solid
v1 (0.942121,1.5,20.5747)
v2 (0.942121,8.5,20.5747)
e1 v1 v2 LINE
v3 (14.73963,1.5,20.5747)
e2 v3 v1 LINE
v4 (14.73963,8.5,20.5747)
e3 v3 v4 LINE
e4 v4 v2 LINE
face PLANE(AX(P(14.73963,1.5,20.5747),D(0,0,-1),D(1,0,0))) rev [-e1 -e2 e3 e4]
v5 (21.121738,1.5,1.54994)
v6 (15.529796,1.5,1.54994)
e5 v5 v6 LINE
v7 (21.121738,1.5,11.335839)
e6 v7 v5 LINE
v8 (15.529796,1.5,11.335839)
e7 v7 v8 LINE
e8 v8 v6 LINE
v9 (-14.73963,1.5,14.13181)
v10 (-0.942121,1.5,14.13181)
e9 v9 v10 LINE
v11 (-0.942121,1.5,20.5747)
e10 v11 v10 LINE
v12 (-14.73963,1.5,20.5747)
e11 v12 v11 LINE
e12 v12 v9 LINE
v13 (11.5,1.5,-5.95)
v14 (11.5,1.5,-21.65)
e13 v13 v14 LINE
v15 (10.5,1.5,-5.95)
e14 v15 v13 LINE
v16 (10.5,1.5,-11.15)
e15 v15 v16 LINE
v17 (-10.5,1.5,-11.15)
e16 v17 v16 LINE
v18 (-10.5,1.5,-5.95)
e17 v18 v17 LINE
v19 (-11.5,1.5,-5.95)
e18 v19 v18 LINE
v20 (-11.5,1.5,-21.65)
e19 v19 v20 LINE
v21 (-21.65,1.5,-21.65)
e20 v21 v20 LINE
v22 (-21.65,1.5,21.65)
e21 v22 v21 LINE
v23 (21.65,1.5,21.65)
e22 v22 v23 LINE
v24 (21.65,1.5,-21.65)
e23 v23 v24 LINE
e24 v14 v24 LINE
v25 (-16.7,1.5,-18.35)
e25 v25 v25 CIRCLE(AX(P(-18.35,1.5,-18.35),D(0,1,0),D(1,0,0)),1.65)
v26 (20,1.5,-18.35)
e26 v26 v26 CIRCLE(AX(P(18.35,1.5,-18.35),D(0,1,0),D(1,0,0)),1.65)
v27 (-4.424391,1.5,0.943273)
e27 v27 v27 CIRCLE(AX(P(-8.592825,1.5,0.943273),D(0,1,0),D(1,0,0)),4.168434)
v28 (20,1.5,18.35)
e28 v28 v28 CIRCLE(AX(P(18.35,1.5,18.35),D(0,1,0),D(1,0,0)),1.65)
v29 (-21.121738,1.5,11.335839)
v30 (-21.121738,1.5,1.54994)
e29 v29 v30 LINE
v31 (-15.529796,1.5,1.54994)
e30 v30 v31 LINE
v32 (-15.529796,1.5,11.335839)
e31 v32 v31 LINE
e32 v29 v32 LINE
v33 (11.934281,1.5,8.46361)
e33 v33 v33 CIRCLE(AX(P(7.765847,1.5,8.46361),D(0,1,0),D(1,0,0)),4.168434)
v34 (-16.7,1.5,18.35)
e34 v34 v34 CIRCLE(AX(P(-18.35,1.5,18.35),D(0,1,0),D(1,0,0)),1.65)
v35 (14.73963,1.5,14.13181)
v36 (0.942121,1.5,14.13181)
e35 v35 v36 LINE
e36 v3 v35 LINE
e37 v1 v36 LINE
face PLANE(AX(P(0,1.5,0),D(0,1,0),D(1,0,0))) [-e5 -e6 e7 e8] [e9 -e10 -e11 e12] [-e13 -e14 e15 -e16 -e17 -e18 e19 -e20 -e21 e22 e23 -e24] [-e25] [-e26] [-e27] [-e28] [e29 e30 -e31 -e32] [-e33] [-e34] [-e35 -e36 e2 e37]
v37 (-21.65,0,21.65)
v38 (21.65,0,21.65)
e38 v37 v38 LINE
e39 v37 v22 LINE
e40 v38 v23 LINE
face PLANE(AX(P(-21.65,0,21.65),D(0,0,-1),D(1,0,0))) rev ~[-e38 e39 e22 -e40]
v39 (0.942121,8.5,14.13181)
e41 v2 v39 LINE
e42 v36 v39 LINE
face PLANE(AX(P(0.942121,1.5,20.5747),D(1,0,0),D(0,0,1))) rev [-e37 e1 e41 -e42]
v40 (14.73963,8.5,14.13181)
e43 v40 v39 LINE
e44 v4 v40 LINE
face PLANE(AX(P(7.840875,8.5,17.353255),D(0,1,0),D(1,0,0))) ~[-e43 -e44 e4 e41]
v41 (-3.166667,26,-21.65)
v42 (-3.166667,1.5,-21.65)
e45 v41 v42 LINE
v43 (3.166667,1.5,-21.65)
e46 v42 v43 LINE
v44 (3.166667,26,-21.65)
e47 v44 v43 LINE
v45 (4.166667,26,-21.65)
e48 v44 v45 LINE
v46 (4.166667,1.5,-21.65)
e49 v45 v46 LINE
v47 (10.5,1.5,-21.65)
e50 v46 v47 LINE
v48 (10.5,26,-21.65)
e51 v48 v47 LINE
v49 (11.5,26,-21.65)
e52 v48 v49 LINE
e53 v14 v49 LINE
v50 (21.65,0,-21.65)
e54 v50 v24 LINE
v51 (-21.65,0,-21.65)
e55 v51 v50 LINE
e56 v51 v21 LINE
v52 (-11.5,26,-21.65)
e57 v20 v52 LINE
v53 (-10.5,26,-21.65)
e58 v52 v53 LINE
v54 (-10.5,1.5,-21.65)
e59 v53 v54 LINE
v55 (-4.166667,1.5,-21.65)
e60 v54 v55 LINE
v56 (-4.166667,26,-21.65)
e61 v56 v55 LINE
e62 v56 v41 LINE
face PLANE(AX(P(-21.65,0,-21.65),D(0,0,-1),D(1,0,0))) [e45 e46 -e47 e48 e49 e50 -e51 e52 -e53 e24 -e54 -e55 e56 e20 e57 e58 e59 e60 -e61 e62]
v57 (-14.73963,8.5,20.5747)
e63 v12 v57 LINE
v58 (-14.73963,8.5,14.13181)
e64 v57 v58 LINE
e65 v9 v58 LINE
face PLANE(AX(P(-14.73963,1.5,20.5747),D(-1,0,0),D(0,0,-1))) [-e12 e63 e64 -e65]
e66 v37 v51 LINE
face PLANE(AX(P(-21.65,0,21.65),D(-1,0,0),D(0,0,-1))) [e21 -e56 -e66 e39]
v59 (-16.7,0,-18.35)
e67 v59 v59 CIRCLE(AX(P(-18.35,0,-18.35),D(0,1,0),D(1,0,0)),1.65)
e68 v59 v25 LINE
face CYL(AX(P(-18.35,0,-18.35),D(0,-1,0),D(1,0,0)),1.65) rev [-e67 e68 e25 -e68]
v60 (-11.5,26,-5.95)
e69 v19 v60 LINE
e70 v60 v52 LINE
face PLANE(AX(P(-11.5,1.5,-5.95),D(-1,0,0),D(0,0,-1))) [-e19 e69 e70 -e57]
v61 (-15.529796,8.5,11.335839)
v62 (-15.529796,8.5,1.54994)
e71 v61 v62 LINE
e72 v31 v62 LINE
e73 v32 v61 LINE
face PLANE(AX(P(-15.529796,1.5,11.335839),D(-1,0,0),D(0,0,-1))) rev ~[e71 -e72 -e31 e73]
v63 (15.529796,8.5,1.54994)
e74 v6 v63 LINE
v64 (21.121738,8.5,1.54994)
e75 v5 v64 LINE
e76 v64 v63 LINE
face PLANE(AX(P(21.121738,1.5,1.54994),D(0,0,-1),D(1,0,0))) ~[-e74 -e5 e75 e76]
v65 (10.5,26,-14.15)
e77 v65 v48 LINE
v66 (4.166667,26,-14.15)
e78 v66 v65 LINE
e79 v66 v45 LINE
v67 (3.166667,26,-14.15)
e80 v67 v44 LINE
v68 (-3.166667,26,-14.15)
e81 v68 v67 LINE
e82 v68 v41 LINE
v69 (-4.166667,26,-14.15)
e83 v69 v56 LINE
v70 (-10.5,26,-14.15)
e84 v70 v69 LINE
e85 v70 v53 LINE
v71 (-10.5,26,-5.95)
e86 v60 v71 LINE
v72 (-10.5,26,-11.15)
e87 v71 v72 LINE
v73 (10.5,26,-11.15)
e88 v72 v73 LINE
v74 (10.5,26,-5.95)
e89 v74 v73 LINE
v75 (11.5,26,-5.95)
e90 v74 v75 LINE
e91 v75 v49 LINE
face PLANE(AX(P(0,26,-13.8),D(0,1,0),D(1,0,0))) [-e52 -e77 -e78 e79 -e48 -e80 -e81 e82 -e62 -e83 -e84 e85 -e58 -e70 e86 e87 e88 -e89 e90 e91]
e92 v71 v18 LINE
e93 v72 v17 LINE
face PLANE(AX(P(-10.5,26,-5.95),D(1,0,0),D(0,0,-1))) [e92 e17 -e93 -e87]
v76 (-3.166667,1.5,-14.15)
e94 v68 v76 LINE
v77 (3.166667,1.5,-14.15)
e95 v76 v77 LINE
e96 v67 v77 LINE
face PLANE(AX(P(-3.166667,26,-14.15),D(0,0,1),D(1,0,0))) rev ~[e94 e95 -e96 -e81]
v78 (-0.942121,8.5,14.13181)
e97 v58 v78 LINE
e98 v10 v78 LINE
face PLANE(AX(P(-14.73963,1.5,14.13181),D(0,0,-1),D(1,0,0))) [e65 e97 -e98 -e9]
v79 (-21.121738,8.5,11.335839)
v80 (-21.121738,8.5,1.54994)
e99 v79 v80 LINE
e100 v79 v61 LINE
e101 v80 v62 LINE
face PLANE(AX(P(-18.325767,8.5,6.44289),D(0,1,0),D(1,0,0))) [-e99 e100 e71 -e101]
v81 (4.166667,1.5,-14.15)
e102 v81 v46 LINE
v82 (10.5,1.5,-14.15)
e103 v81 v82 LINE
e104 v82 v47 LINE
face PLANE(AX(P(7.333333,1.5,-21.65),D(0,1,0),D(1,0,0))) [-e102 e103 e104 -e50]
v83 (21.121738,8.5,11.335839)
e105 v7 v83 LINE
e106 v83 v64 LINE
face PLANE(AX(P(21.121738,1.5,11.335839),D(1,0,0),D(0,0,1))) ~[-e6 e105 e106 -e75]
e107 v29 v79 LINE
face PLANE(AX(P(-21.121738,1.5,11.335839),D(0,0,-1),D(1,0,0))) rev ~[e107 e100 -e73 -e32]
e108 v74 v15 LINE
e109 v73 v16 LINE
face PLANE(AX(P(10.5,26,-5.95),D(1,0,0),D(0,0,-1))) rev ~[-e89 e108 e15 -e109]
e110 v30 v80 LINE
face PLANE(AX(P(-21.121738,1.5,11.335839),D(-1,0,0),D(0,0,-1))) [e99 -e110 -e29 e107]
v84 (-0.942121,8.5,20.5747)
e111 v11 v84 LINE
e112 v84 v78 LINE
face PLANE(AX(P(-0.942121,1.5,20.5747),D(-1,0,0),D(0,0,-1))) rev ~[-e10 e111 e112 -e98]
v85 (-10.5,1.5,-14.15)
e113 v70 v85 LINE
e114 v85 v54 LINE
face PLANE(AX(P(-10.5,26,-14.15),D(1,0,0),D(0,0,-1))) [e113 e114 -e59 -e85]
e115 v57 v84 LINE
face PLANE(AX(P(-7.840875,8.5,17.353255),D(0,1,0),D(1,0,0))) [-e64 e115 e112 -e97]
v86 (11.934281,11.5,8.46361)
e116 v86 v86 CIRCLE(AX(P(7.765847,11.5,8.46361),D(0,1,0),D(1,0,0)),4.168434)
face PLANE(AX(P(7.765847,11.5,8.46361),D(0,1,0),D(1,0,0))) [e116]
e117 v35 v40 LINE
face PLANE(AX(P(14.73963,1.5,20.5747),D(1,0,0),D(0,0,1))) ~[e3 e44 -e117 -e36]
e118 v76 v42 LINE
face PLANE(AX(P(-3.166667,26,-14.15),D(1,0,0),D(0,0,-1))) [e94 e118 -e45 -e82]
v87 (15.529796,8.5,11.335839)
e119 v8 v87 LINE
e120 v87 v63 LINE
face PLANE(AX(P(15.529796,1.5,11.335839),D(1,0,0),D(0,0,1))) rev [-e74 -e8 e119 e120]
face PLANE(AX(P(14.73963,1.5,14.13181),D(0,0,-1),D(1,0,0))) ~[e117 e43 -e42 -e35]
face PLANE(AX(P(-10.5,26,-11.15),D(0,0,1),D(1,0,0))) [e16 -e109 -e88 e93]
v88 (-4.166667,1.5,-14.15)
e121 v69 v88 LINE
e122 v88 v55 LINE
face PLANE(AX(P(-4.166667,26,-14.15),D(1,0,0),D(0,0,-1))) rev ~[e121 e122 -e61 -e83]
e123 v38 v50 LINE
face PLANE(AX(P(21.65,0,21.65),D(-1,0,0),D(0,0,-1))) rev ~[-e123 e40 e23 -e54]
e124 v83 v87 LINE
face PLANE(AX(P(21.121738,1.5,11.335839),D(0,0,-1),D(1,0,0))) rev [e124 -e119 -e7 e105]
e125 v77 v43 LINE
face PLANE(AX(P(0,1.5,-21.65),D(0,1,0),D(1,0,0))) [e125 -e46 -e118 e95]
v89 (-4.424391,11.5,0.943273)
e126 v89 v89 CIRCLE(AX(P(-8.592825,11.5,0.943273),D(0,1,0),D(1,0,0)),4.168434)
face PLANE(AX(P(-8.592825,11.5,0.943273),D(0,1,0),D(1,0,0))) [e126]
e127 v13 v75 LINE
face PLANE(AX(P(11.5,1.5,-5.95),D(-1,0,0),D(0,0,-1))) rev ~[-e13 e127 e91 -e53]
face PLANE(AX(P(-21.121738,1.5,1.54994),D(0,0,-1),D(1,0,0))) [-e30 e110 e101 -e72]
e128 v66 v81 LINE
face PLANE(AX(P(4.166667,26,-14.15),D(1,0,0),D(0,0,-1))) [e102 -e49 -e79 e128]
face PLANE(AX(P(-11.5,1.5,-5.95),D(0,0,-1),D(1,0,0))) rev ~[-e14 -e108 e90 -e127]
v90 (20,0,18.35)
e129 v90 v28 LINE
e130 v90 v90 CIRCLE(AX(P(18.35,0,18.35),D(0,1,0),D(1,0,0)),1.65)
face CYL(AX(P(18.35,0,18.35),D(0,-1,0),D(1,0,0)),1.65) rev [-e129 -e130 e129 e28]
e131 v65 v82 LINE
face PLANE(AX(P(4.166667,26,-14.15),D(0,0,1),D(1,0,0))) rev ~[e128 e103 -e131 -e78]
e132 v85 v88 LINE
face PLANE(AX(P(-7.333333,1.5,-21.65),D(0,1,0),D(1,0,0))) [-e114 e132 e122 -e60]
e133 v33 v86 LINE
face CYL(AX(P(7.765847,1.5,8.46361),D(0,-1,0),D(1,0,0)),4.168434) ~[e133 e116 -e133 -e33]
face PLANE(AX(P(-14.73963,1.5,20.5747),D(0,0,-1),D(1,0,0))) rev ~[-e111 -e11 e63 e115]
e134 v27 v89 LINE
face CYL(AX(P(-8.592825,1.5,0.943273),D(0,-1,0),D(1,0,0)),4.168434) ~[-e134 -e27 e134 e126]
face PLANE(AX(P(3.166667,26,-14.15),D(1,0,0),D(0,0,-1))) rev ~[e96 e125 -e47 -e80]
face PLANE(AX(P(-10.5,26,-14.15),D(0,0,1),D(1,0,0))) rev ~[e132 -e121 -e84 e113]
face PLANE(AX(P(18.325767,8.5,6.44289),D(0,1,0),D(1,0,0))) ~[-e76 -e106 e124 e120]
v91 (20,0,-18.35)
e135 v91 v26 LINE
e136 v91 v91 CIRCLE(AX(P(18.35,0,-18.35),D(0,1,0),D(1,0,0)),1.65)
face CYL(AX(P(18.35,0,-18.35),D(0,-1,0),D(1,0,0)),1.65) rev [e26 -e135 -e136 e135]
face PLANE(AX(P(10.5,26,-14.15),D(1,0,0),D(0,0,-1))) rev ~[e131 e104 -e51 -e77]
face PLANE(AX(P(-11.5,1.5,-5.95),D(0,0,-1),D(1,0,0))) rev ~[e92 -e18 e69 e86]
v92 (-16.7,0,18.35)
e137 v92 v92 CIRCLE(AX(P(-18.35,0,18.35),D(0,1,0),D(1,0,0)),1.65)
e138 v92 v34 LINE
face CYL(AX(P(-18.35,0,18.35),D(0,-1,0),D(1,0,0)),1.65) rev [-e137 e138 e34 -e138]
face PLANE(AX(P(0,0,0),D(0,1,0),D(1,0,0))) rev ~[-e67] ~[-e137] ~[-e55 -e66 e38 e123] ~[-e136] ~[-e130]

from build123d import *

# Parameters (mm, degrees)
SKETCH1_W           = 43.3
SKETCH1_H           = 43.3
SKETCH1_R           = 1.65
BOSS_EXTRUDE1_DEPTH = 1.5
SKETCH2_W           = 23
SKETCH2_H           = 15.7
BOSS_EXTRUDE2_DEPTH = 24.5
SKETCH3_W           = 5.591942039
SKETCH3_H           = 9.785898568
SKETCH3_W_2         = 13.797509161
SKETCH3_H_2         = 6.44288974
BOSS_EXTRUDE3_DEPTH = 7
SKETCH4_R           = 4.168434161
BOSS_EXTRUDE4_DEPTH = 10
SKETCH5_W           = 21
SKETCH5_H           = 5.2
SKETCH5_W_2         = 6.333333334
SKETCH5_H_2         = 15
SKETCH5_W_3         = 6.333333333
CUT_EXTRUDE1_DEPTH  = 24.5


with BuildPart() as part:
    # Sketch1 → Boss-Extrude1 (new body)
    with BuildSketch(Plane(origin=(0, 0, 0), x_dir=(1, 0, 0), z_dir=(0, 1, 0))):
        Rectangle(SKETCH1_W, SKETCH1_H)
        with Locations((-18.35, 18.35)):
            Circle(SKETCH1_R, mode=Mode.SUBTRACT)
        with Locations((18.35, 18.35)):
            Circle(SKETCH1_R, mode=Mode.SUBTRACT)
        with Locations((-18.35, -18.35)):
            Circle(SKETCH1_R, mode=Mode.SUBTRACT)
        with Locations((18.35, -18.35)):
            Circle(SKETCH1_R, mode=Mode.SUBTRACT)
    extrude(amount=BOSS_EXTRUDE1_DEPTH)

    # Sketch2 → Boss-Extrude2 (add)
    with BuildSketch(Plane(origin=(0, 1.5, 0), x_dir=(1, 0, 0), z_dir=(0, 1, 0))):
        with Locations((0, 13.8)):
            Rectangle(SKETCH2_W, SKETCH2_H)
    extrude(amount=BOSS_EXTRUDE2_DEPTH)

    # Sketch3 → Boss-Extrude3 (add)
    with BuildSketch(Plane(origin=(0, 1.5, 0), x_dir=(1, 0, 0), z_dir=(0, 1, 0))):
        with Locations((-18.325766573, -6.44288974)):
            Rectangle(SKETCH3_W, SKETCH3_H)
        with Locations((-7.84087525, -17.353254914)):
            Rectangle(SKETCH3_W_2, SKETCH3_H_2)
    boss_extrude3 = extrude(amount=BOSS_EXTRUDE3_DEPTH)

    # Mirror1: Boss-Extrude3 across plane
    add(boss_extrude3.mirror(Plane(origin=(0, 0, 0), x_dir=(0, 0, 1), z_dir=(1, 0, 0))))

    # Sketch4 → Boss-Extrude4 (add)
    with BuildSketch(Plane(origin=(0, 1.5, 0), x_dir=(1, 0, 0), z_dir=(0, 1, 0))):
        with Locations((-8.592825404, -0.943272563)):
            Circle(SKETCH4_R)
        with Locations((7.765846719, -8.463609984)):
            Circle(SKETCH4_R)
    extrude(amount=BOSS_EXTRUDE4_DEPTH)

    # Sketch5 → Cut-Extrude1 (cut)
    with BuildSketch(Plane(origin=(0, 26, 0), x_dir=(1, 0, 0), z_dir=(0, 1, 0))):
        with Locations((0, 8.55)):
            Rectangle(SKETCH5_W, SKETCH5_H)
        with Locations((0, 21.65)):
            Rectangle(SKETCH5_W_2, SKETCH5_H_2)
        with Locations((7.333333334, 21.65)):
            Rectangle(SKETCH5_W_3, SKETCH5_H_2)
        with Locations((-7.333333334, 21.65)):
            Rectangle(SKETCH5_W_3, SKETCH5_H_2)
    extrude(amount=-CUT_EXTRUDE1_DEPTH, mode=Mode.SUBTRACT)


solid = part.part
